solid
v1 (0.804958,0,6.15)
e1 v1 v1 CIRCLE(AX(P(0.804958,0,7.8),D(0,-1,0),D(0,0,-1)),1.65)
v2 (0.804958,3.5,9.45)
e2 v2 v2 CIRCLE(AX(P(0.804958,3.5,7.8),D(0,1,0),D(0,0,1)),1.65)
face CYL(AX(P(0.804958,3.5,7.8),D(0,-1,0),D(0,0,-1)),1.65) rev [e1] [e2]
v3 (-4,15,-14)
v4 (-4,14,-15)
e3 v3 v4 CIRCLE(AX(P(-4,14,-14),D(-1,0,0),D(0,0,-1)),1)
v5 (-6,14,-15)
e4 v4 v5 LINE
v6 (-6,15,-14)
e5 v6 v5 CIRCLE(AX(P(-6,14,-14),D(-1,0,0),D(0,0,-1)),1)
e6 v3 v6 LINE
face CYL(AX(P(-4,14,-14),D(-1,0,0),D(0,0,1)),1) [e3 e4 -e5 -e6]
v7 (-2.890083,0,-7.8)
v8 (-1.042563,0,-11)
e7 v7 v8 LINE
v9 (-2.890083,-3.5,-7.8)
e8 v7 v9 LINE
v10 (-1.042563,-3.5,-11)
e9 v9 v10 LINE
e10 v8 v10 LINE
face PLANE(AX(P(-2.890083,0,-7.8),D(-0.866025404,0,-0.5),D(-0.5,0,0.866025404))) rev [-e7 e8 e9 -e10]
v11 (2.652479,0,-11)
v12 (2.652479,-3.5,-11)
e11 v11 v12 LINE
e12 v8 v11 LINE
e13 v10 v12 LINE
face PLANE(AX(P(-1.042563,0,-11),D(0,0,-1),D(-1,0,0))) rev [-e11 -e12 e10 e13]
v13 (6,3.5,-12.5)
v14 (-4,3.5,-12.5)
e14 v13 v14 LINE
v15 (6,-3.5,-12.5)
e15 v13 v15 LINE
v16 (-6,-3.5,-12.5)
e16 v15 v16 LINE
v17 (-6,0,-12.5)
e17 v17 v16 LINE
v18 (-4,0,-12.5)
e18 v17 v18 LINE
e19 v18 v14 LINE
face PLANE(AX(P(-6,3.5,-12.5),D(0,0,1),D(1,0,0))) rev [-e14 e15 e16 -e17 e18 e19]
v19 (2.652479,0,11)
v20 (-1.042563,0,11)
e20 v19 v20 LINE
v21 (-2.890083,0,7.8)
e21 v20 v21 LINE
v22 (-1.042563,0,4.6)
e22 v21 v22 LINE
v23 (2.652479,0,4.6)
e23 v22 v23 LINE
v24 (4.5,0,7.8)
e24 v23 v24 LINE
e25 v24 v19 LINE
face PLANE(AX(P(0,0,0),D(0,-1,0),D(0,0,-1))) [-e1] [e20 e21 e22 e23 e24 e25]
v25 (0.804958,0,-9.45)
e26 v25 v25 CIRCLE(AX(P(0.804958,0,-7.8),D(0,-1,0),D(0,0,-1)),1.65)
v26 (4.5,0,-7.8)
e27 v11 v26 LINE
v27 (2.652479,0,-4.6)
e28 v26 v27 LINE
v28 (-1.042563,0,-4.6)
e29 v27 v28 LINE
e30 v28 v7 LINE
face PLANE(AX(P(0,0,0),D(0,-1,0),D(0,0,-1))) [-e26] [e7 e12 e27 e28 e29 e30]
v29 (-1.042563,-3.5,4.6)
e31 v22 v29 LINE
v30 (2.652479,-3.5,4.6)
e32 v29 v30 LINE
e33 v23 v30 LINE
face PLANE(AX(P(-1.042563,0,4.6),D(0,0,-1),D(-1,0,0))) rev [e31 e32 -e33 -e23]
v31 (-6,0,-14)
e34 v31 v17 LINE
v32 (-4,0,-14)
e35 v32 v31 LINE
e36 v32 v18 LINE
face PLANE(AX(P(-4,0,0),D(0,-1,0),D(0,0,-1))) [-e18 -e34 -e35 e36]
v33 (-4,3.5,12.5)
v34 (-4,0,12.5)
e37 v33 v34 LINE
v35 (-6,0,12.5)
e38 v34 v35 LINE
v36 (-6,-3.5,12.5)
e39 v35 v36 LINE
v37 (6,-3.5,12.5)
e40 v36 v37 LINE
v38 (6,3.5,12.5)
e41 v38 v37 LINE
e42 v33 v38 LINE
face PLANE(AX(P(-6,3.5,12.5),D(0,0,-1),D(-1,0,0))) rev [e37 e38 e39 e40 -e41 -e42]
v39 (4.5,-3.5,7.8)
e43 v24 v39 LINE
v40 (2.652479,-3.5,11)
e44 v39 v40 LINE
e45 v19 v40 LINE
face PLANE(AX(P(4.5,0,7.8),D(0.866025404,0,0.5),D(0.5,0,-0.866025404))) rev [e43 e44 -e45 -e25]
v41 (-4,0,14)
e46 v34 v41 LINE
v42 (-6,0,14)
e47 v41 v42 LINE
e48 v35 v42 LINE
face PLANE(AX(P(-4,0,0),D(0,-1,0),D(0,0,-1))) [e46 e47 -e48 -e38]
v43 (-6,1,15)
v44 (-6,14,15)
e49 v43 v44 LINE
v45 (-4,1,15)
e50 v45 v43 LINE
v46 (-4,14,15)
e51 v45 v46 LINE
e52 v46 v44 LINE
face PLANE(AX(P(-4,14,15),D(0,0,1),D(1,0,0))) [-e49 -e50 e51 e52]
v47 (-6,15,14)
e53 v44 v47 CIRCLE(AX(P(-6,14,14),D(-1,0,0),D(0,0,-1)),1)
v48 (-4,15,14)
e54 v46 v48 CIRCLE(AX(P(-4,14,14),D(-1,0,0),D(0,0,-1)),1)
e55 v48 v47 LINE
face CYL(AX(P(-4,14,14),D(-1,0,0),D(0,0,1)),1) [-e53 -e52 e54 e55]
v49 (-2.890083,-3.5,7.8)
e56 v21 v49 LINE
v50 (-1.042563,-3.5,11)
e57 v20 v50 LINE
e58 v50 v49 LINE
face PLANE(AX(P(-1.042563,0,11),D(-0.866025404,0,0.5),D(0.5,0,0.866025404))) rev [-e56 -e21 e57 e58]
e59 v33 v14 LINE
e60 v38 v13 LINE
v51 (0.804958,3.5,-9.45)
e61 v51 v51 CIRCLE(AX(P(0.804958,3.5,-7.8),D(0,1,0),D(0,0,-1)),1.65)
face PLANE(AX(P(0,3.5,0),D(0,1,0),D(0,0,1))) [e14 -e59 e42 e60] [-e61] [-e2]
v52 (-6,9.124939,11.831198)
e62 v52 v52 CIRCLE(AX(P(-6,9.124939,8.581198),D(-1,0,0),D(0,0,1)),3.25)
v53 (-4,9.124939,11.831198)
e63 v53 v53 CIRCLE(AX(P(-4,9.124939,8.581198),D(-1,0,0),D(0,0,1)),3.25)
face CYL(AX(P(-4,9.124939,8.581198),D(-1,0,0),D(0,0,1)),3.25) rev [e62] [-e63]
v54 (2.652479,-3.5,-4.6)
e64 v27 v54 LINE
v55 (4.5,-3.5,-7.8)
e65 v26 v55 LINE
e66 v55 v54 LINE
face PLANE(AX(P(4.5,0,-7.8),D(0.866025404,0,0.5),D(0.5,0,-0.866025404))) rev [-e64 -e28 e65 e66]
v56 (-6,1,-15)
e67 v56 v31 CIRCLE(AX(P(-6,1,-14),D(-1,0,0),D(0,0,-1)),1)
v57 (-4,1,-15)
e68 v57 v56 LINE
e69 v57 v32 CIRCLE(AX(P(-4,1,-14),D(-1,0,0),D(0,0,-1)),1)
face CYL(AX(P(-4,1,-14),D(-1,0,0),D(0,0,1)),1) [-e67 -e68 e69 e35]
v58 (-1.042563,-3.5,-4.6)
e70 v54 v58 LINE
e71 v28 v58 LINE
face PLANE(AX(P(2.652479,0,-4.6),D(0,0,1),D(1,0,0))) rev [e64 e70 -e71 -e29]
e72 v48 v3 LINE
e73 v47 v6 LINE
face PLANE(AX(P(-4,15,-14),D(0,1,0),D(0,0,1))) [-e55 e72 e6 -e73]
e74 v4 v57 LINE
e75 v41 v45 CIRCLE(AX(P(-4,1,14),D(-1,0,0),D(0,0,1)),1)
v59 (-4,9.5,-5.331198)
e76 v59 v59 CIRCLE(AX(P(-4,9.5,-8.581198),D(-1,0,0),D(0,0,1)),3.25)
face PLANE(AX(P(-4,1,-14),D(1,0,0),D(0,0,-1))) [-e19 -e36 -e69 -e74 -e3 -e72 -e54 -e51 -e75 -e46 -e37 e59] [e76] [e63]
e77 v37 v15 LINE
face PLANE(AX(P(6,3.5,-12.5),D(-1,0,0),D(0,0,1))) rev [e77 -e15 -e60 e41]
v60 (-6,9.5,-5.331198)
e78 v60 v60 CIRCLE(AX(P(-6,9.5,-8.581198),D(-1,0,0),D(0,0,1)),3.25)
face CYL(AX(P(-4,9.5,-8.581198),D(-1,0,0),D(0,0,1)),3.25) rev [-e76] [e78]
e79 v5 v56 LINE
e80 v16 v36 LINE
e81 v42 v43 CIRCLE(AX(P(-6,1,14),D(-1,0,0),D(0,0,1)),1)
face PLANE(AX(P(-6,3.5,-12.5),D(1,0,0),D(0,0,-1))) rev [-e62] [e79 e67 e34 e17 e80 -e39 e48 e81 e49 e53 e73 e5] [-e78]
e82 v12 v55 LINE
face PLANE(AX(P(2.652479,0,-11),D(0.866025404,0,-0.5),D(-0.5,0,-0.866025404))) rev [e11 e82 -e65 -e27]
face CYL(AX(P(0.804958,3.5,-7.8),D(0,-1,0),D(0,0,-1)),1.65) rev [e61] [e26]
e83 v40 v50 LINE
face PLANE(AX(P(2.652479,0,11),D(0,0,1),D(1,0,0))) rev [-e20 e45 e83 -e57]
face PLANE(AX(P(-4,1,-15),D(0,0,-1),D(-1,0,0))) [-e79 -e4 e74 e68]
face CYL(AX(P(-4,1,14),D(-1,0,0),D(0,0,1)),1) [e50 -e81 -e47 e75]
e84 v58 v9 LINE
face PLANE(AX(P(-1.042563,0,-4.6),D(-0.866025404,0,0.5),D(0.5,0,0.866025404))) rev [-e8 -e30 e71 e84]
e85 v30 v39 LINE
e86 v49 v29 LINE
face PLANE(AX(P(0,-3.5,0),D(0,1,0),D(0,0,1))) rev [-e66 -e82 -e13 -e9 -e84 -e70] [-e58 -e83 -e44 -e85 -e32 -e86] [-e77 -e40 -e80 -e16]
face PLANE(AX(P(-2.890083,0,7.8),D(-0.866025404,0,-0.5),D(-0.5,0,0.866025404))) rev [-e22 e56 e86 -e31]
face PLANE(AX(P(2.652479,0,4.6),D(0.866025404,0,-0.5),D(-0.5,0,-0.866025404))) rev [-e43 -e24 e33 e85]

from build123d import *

# Parameters (mm, degrees)
SKETCH1_W           = 12
SKETCH1_H           = 25
SKETCH1_R           = 1.65
BOSS_EXTRUDE1_DEPTH = 3.5
CUT_EXTRUDE1_DEPTH  = 3.5
SKETCH3_R           = 3.25
BOSS_EXTRUDE2_DEPTH = 2


with BuildPart() as part:
    # Sketch1 → Boss-Extrude1 (new, symmetric)
    with BuildSketch(Plane(origin=(0, 0, 0), x_dir=(1, 0, 0), z_dir=(0, 1, 0))):
        Rectangle(SKETCH1_W, SKETCH1_H)
        with Locations(Location((0.804958277, -7.8, 0), (0, 0, 270))):
            Circle(SKETCH1_R, mode=Mode.SUBTRACT)
        with Locations(Location((0.804958277, 7.8, 0), (0, 0, 90))):
            Circle(SKETCH1_R, mode=Mode.SUBTRACT)
    extrude(amount=BOSS_EXTRUDE1_DEPTH, both=True)

    # Sketch2 → Cut-Extrude1 (cut)
    with BuildSketch(Plane.XZ.offset(3.5)):
        Polygon((2.652479139, 4.6), (4.5, 7.8), (2.652479139, 11), (-1.042562584, 11), (-2.890083446, 7.8), (-1.042562584, 4.6), align=None)
        Polygon((2.652479139, -11), (4.5, -7.8), (2.652479139, -4.6), (-1.042562584, -4.6), (-2.890083446, -7.8), (-1.042562584, -11), align=None)
    extrude(amount=-CUT_EXTRUDE1_DEPTH, mode=Mode.SUBTRACT)

    # Sketch3 → Boss-Extrude2 (add)
    with BuildSketch(Plane.ZY.offset(6)):
        with BuildLine():
            Line((0, 0), (14, 0))
            ThreePointArc((14, 0), (14.707106781, 0.292893219), (15, 1))
            Line((15, 1), (15, 14))
            ThreePointArc((15, 14), (14.707106781, 14.707106781), (14, 15))
            Line((14, 15), (-14, 15))
            ThreePointArc((-14, 15), (-14.707106781, 14.707106781), (-15, 14))
            Line((-15, 14), (-15, 1))
            ThreePointArc((-15, 1), (-14.707106781, 0.292893219), (-14, 0))
            Line((-14, 0), (0, 0))
        make_face()
        with Locations((-8.581197846, 9.5)):
            Circle(SKETCH3_R, mode=Mode.SUBTRACT)
        with Locations((8.581197846, 9.124939365)):
            Circle(SKETCH3_R, mode=Mode.SUBTRACT)
    extrude(amount=-BOSS_EXTRUDE2_DEPTH)


solid = part.part
